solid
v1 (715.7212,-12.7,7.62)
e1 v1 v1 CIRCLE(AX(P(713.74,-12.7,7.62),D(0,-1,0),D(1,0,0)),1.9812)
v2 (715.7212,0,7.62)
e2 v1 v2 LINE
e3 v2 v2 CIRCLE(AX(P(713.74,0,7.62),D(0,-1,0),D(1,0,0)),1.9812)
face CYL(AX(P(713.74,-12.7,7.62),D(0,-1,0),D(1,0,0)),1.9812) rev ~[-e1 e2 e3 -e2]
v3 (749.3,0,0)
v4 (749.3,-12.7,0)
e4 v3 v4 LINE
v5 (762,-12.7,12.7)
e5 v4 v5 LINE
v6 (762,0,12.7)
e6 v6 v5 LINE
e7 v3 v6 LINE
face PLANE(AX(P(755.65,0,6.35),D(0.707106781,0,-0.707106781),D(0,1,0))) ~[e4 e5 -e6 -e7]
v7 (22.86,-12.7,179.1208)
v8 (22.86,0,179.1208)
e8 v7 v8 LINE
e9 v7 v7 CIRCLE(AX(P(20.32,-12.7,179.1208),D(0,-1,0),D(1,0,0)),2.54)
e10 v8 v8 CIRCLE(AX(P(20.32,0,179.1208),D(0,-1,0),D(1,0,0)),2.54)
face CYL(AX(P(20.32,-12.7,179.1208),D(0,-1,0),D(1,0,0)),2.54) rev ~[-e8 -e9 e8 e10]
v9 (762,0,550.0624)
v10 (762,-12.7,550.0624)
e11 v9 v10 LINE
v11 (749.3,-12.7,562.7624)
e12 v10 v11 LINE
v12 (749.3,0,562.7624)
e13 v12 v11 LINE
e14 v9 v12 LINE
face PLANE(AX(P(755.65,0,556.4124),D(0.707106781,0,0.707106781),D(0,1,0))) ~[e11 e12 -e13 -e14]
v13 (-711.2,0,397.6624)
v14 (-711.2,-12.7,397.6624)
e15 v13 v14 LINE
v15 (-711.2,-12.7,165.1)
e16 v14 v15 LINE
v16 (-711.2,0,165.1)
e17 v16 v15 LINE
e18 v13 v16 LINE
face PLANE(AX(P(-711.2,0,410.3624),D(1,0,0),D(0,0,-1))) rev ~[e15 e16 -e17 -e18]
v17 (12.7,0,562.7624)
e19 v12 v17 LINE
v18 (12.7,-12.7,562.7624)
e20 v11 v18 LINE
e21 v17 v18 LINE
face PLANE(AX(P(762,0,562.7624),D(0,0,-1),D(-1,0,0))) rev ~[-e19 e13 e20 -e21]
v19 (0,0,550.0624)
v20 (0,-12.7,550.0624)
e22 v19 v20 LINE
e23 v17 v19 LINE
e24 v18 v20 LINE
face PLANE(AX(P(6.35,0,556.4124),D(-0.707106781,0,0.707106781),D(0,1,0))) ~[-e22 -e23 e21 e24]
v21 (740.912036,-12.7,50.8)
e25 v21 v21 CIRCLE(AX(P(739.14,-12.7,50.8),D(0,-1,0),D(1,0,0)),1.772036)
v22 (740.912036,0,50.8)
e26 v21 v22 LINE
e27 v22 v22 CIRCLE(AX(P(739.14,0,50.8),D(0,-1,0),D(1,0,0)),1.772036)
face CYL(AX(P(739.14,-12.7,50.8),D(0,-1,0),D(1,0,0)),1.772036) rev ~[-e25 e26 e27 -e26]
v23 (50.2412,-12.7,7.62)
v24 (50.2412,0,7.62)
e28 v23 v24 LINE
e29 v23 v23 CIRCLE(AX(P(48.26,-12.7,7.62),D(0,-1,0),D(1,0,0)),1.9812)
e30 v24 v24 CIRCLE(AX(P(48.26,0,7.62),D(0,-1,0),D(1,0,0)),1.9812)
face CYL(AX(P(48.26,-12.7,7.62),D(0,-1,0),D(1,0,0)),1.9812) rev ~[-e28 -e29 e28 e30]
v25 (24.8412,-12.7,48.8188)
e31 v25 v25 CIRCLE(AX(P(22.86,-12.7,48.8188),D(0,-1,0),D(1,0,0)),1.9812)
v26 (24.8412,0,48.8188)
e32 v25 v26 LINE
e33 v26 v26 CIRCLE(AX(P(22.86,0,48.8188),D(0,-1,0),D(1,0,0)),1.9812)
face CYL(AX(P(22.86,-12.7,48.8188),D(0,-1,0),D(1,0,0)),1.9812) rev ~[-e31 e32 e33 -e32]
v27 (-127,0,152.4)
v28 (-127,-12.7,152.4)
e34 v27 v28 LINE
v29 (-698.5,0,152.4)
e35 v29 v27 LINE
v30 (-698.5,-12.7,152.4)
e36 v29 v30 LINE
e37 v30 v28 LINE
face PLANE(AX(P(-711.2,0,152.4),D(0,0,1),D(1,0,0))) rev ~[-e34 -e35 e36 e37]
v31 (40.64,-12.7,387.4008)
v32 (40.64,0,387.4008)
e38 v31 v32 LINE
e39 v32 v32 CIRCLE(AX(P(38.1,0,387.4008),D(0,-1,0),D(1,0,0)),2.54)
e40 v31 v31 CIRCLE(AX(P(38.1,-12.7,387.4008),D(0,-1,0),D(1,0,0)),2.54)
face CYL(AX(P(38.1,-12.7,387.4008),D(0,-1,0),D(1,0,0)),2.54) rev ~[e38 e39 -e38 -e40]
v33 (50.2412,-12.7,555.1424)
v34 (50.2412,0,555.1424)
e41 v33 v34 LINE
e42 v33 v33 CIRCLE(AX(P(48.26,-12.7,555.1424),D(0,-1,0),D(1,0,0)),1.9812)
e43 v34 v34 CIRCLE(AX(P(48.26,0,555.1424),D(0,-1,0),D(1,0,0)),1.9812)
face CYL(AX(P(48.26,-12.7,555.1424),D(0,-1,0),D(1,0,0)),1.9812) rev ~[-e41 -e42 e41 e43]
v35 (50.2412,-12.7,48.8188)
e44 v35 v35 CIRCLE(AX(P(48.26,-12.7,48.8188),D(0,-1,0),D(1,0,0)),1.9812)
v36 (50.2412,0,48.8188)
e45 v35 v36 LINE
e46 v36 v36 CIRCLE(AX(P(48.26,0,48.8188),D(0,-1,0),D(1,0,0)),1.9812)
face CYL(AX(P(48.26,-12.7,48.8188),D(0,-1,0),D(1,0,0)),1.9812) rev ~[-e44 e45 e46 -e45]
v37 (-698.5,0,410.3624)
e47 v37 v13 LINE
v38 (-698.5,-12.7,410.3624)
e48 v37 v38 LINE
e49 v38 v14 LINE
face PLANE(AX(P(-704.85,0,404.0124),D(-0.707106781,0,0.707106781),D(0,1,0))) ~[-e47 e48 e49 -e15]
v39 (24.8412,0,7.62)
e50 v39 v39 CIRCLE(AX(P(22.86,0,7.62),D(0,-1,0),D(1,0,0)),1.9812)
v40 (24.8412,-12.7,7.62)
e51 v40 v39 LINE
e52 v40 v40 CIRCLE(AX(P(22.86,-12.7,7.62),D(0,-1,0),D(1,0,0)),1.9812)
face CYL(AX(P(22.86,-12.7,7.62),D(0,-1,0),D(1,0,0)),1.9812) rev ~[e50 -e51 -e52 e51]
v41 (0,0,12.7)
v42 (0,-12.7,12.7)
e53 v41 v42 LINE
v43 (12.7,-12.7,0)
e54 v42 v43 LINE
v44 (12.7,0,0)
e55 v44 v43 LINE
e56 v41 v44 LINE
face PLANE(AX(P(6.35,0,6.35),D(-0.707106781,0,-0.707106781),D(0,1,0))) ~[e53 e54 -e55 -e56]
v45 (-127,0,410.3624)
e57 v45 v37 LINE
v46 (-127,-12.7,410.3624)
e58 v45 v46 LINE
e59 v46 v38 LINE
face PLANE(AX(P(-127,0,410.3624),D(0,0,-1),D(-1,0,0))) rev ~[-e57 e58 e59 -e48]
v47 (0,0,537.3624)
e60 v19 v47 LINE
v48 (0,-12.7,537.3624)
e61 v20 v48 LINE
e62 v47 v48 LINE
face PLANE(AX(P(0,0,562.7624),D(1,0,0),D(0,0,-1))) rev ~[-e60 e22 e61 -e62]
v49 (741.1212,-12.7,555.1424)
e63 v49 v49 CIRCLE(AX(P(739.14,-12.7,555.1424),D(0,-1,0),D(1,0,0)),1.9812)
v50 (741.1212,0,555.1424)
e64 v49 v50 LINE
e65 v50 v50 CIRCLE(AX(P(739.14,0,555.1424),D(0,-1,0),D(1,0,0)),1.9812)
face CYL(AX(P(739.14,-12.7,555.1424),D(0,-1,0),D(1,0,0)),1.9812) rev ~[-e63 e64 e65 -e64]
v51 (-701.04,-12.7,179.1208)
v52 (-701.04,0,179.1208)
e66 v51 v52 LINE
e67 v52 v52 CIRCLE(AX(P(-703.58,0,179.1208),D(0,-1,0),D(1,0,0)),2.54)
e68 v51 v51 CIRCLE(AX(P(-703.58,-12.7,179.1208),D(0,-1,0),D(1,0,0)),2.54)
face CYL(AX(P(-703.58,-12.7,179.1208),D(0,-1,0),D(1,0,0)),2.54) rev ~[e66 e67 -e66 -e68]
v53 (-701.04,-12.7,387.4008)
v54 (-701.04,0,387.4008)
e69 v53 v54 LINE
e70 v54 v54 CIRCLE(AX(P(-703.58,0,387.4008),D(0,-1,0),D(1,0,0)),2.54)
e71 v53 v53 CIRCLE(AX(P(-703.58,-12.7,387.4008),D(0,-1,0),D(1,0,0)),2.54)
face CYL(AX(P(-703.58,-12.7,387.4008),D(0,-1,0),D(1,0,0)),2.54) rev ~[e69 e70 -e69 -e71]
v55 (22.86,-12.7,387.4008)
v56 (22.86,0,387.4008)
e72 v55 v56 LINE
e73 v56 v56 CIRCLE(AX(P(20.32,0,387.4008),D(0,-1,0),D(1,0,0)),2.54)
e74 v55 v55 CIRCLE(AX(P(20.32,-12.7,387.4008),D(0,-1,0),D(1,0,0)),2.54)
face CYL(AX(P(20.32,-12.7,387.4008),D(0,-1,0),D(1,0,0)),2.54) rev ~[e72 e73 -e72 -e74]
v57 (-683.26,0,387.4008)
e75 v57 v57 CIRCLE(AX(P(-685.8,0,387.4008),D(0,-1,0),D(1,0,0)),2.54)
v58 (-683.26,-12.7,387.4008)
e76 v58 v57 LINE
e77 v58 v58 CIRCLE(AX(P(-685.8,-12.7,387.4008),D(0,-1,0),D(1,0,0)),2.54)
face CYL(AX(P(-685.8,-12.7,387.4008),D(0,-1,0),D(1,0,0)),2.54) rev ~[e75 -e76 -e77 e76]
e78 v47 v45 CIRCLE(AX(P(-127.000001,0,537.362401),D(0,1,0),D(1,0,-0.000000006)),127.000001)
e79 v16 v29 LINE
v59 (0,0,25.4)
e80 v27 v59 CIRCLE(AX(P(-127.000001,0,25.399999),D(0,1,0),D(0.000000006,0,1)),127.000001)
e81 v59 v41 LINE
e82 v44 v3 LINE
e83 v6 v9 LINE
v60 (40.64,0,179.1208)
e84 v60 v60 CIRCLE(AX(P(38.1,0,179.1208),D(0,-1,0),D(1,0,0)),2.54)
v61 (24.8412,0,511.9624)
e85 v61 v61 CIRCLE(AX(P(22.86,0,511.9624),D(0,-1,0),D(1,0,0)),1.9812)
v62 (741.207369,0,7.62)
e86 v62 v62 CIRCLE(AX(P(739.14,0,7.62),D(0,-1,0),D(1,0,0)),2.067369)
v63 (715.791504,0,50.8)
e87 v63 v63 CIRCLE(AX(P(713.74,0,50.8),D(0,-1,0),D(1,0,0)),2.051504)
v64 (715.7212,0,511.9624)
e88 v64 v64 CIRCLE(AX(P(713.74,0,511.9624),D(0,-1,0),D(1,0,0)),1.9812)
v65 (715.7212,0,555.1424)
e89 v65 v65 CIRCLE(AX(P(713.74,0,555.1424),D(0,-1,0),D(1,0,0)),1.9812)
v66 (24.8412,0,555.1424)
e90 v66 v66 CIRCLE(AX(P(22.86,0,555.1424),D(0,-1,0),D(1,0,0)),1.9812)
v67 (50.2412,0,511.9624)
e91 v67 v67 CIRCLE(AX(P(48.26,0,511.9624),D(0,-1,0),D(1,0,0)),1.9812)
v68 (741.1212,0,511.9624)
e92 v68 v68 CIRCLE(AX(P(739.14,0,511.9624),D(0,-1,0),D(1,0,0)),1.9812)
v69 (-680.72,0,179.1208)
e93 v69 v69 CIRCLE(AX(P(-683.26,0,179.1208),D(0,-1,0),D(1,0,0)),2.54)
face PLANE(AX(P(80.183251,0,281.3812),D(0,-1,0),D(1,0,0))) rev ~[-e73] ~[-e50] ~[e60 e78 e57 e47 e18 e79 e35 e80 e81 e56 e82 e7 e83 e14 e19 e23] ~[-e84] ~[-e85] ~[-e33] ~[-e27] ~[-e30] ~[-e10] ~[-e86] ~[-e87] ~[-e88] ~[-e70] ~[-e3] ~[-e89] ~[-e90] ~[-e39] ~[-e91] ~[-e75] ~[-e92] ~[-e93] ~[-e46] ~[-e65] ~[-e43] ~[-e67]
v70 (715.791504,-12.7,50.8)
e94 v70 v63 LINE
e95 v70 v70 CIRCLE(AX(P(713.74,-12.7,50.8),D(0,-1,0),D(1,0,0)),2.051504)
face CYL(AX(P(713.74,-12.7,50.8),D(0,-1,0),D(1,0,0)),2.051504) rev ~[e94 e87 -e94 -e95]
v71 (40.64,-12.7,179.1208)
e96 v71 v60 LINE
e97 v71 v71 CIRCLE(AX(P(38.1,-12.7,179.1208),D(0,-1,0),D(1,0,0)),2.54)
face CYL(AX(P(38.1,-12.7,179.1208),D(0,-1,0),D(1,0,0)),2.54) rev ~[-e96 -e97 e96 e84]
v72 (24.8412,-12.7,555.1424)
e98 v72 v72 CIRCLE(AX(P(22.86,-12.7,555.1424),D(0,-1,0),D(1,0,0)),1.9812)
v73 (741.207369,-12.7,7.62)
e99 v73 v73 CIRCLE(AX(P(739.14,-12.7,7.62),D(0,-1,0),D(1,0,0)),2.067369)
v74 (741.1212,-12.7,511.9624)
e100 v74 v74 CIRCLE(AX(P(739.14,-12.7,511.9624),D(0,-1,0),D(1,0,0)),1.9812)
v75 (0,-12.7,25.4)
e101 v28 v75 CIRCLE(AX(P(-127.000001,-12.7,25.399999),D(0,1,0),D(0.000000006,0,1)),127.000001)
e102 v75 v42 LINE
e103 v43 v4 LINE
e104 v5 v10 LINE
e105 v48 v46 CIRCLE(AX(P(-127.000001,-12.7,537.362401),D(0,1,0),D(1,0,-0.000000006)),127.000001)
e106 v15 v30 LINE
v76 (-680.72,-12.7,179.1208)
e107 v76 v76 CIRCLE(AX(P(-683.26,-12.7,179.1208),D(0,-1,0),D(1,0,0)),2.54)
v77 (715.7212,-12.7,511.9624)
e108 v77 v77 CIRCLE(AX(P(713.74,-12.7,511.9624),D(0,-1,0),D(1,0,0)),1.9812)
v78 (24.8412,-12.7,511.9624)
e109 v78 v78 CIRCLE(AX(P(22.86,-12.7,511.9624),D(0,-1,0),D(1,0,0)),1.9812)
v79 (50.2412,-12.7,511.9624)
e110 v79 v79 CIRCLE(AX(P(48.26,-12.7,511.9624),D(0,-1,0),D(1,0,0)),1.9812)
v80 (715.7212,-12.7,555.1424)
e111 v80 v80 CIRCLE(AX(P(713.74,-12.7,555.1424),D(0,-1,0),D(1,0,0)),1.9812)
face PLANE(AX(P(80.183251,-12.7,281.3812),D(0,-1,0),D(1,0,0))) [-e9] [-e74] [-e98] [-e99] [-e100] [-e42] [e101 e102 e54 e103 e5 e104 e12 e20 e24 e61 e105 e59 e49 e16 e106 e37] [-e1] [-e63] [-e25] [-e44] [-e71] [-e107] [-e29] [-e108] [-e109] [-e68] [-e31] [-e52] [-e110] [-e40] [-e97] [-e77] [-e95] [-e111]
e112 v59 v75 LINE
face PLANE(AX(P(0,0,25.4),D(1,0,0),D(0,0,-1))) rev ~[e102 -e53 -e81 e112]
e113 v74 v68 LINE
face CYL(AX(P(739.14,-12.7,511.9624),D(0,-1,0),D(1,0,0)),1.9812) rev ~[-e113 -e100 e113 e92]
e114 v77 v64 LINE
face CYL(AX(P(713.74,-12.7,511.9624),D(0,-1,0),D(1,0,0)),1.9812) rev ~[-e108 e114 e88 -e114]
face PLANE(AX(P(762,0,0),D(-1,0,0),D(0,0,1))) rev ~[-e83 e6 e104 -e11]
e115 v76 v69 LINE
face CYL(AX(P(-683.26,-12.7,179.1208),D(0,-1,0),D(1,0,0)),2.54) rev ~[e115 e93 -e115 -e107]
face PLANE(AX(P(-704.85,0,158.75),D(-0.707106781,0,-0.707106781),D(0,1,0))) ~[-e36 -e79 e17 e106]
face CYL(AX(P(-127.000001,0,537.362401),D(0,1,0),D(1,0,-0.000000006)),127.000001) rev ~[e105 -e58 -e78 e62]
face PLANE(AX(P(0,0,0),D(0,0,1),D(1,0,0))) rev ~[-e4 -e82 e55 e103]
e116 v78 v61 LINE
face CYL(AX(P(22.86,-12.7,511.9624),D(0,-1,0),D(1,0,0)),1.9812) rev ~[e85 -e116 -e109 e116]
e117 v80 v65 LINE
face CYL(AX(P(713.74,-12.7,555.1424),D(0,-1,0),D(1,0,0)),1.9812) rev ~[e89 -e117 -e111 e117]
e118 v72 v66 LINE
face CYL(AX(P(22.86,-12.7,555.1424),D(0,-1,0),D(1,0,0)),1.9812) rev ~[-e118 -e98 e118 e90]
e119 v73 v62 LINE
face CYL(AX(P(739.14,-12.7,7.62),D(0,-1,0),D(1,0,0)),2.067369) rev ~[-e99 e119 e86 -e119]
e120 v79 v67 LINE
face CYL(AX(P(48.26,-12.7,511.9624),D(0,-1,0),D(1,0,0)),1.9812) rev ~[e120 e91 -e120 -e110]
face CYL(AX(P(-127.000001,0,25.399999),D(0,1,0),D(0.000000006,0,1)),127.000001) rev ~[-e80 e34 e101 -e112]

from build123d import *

# Parameters (mm, degrees)
F1_DEPTH = 12.7
F2_SIZE  = 12.7
F4_R     = 1.9812
F4_R_2   = 2.067369
F4_R_3   = 1.772036
F4_R_4   = 2.051504
F5_DEPTH = 12.701
F6_R     = 2.54
F7_DEPTH = 12.701


with BuildPart() as f1:
    # F0 (on Front) → F1 (new body)
    with BuildSketch(Plane.XZ):
        with BuildLine():
            Line((0, 25.4), (0, 0))
            Line((0, 0), (762, 0))
            Line((762, 0), (762, 562.7624))
            Line((762, 562.7624), (0, 562.7624))
            Line((0, 562.7624), (0, 537.3624))
            ThreePointArc((0, 537.3624), (-37.197439, 447.559839), (-127, 410.3624))
            Line((-127, 410.3624), (-711.2, 410.3624))
            Line((-711.2, 410.3624), (-711.2, 152.4))
            Line((-711.2, 152.4), (-127, 152.4))
            ThreePointArc((-127, 152.4), (-37.197439, 115.202561), (0, 25.4))
        make_face()
    extrude(amount=F1_DEPTH)

    # F2
    f2_edges = [f1.edges().sort_by_distance(p)[0] for p in [
        (-711.2, -6.35, 410.3624),
        (-711.2, -6.35, 152.4),
        (0, -6.35, 0),
        (0, -6.35, 562.7624),
        (762, -6.35, 562.7624),
        (762, -6.35, 0),
    ]]
    chamfer(f2_edges, length=F2_SIZE)

    # F4 (on face) → F5 (cut, through all)
    with BuildSketch(Plane.XZ.offset(12.7)):
        with Locations((713.74, 7.62)):
            Circle(F4_R)
        with Locations((739.14, 7.62)):
            Circle(F4_R_2)
        with Locations((739.14, 50.8)):
            Circle(F4_R_3)
        with Locations((713.74, 50.8)):
            Circle(F4_R_4)
        with Locations((713.74, 555.1424)):
            Circle(F4_R)
        with Locations((739.14, 555.1424)):
            Circle(F4_R)
        with Locations((739.14, 511.9624)):
            Circle(F4_R)
        with Locations((713.74, 511.9624)):
            Circle(F4_R)
        with Locations((22.86, 555.1424)):
            Circle(F4_R)
        with Locations((48.26, 555.1424)):
            Circle(F4_R)
        with Locations((48.26, 511.9624)):
            Circle(F4_R)
        with Locations((22.86, 511.9624)):
            Circle(F4_R)
        with Locations((22.86, 7.62)):
            Circle(F4_R)
        with Locations((48.26, 7.62)):
            Circle(F4_R)
        with Locations((48.26, 48.8188)):
            Circle(F4_R)
        with Locations((22.86, 48.8188)):
            Circle(F4_R)
    extrude(amount=-F5_DEPTH, mode=Mode.SUBTRACT)

    # F6 (on face) → F7 (cut, through all)
    with BuildSketch(Plane.XZ.offset(12.7)):
        with Locations((-703.58, 387.4008)):
            Circle(F6_R)
        with Locations((-685.8, 387.4008)):
            Circle(F6_R)
        with Locations((20.32, 387.4008)):
            Circle(F6_R)
        with Locations((38.1, 387.4008)):
            Circle(F6_R)
        with Locations((-703.58, 179.1208)):
            Circle(F6_R)
        with Locations((-683.26, 179.1208)):
            Circle(F6_R)
        with Locations((20.32, 179.1208)):
            Circle(F6_R)
        with Locations((38.1, 179.1208)):
            Circle(F6_R)
    extrude(amount=-F7_DEPTH, mode=Mode.SUBTRACT)


solid = f1.part
